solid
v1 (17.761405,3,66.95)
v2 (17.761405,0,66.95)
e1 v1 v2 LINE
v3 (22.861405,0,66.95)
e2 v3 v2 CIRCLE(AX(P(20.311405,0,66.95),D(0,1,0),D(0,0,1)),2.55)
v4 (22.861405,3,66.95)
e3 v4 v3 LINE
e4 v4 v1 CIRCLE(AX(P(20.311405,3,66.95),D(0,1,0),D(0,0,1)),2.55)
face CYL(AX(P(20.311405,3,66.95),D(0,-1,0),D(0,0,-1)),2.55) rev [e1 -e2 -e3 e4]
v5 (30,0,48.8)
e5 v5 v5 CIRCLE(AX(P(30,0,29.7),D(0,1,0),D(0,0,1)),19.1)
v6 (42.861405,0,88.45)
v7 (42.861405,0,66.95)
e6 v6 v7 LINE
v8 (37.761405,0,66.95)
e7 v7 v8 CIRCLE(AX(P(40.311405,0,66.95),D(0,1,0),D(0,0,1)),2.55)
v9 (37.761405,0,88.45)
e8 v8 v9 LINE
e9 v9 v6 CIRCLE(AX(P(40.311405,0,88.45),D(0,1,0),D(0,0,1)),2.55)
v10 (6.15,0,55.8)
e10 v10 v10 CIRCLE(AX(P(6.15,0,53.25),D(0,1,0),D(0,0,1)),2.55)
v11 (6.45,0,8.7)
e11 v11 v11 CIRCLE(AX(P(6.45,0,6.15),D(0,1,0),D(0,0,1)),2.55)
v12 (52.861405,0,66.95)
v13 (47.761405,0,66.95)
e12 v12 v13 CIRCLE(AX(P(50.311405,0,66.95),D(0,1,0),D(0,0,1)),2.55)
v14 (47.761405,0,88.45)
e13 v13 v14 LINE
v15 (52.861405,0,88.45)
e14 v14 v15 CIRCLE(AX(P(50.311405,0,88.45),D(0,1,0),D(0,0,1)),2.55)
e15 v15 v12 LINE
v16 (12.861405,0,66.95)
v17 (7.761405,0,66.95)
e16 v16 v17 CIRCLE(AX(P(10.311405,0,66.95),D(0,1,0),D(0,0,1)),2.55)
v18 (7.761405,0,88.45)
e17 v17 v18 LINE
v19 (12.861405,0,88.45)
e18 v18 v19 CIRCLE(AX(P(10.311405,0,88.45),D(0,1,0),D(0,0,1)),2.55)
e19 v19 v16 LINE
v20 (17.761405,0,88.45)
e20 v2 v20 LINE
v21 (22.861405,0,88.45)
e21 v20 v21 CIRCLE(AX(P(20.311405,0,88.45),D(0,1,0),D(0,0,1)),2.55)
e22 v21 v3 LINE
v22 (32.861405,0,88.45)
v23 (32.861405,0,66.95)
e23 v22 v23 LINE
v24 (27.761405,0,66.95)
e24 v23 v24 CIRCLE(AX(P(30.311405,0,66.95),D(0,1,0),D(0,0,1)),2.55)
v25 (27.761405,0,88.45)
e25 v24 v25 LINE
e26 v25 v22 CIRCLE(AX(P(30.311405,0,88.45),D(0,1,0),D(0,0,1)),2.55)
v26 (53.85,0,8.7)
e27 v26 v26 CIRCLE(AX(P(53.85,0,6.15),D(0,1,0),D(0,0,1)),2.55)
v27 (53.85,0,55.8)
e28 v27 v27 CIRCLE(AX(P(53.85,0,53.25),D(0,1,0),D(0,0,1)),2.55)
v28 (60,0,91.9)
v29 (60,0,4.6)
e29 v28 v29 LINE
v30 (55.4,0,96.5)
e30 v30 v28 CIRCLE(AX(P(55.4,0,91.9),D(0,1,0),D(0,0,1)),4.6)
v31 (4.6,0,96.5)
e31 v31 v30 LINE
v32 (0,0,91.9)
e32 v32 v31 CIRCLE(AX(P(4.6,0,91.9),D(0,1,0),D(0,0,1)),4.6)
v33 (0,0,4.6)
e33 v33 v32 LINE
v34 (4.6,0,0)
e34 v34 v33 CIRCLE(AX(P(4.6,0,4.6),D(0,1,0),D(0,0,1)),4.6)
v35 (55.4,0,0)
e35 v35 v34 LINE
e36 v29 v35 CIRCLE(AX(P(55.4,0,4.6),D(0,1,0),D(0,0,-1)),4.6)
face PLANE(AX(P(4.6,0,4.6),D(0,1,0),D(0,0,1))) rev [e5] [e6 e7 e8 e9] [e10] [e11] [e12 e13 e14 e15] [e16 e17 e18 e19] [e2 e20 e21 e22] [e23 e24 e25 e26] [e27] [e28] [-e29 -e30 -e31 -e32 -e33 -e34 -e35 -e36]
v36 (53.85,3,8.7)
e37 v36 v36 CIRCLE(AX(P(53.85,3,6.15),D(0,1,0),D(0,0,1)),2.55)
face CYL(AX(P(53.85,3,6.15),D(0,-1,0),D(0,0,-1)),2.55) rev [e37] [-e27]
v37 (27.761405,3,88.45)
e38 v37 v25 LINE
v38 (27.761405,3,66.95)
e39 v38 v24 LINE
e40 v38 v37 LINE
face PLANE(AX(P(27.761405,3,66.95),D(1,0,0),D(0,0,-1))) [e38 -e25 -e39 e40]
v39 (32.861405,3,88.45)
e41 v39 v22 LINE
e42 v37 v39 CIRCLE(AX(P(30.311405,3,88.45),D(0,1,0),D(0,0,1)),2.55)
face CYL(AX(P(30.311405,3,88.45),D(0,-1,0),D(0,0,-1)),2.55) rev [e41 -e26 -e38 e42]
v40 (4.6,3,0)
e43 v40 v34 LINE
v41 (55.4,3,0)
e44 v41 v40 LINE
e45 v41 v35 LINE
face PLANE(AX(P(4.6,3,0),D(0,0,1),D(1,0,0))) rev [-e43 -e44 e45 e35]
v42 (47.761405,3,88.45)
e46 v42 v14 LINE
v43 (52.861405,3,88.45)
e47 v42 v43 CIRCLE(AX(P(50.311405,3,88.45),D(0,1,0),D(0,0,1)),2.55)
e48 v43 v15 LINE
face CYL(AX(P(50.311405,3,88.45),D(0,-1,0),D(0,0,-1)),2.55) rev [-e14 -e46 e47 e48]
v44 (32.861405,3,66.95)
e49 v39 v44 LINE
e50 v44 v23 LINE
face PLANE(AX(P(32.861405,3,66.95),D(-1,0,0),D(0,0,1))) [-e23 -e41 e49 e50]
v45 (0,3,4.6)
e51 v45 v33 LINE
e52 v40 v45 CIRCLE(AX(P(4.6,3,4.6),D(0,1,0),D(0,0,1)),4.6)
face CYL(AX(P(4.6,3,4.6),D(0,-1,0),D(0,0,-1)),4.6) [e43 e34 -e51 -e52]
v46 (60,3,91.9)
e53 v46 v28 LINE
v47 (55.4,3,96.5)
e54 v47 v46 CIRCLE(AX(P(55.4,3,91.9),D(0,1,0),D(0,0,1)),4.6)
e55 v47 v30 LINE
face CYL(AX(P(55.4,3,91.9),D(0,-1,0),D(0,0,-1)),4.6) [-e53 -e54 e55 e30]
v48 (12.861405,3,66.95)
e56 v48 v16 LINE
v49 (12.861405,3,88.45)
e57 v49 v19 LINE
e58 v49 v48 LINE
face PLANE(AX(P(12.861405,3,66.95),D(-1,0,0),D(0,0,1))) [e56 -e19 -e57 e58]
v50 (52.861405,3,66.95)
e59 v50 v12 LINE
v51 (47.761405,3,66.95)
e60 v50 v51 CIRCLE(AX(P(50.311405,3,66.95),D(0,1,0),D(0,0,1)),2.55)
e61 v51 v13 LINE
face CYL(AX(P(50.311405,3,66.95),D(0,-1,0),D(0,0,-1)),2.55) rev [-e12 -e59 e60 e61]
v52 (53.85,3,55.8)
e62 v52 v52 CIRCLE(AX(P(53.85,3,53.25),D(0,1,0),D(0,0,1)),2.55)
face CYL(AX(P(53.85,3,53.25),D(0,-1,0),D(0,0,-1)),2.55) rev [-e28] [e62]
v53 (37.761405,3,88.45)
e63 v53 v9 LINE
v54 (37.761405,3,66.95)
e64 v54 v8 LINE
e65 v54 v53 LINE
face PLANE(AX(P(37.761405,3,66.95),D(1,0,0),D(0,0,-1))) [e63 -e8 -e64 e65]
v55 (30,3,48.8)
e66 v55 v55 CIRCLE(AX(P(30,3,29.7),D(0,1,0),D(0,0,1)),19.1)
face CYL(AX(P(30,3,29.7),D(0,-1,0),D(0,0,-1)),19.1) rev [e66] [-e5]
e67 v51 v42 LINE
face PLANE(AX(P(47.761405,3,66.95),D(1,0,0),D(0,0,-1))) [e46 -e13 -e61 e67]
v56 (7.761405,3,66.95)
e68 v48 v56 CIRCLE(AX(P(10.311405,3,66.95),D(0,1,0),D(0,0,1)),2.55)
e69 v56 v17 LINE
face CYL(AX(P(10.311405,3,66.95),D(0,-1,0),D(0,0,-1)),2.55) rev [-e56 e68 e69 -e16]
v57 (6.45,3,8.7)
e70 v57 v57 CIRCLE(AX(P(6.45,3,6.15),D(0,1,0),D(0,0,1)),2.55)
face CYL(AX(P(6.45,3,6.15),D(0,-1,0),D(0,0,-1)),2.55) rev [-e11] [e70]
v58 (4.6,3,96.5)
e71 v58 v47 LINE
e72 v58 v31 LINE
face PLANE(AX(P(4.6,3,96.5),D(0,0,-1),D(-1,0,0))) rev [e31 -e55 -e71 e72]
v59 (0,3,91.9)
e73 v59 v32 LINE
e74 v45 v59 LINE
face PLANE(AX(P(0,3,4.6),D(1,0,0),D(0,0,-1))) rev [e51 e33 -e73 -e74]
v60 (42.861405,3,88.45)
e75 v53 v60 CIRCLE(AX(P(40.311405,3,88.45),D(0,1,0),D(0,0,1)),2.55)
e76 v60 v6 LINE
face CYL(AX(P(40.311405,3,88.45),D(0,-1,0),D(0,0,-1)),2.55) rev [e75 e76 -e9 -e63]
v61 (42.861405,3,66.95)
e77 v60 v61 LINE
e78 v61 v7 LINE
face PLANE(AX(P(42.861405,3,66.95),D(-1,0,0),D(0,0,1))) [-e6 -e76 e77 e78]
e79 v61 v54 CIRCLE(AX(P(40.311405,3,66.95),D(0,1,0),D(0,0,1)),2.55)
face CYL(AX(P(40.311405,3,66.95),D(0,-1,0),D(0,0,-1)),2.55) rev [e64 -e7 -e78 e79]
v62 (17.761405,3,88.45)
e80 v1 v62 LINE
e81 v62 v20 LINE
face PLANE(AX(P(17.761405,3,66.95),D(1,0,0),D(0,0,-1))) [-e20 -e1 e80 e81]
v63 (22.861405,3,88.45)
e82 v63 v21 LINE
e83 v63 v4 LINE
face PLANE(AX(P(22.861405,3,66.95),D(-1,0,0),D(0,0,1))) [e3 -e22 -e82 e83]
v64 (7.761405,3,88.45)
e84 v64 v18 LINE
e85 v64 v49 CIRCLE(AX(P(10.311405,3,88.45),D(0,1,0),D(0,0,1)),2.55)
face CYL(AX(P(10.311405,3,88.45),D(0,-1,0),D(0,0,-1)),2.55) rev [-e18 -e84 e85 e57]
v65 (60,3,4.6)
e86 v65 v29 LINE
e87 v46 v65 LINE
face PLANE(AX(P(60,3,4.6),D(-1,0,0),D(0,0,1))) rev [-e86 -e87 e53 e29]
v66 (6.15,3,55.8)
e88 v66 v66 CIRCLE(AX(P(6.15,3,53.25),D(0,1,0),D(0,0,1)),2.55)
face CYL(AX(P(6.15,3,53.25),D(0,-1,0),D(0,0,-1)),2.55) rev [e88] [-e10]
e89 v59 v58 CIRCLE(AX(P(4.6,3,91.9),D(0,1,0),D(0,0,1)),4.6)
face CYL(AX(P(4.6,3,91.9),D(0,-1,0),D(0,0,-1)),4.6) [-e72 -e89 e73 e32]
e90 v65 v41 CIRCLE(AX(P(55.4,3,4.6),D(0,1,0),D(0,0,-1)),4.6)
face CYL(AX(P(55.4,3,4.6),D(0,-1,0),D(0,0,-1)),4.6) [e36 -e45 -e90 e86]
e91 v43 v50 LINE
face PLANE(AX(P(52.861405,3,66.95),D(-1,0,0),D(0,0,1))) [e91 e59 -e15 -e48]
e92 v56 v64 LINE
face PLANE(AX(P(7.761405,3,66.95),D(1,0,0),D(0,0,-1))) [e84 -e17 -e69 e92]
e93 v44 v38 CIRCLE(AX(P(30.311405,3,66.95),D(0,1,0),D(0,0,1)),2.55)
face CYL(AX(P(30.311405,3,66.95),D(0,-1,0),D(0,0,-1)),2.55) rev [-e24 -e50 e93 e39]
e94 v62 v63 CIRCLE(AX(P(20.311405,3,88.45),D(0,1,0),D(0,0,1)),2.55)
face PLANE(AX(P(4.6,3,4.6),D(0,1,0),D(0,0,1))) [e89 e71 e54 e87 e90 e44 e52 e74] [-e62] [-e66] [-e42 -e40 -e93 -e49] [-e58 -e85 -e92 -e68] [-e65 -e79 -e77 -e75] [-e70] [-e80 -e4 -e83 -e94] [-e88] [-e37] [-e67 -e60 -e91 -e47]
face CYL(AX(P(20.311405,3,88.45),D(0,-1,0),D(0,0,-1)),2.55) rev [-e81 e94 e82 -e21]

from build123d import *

# Parameters (mm, degrees)
SKETCH_1_R      = 2.55
SKETCH_1_R_2    = 19.1
EXTRUDE_1_DEPTH = 3


with BuildPart() as part:
    # Эскиз1 → Бобышка-Вытянуть1 (new body)
    with BuildSketch(Plane(origin=(0, 0, 0), x_dir=(1, 0, 0), z_dir=(0, 1, 0))):
        with BuildLine():
            Line((4.6, 0), (55.4, 0))
            ThreePointArc((55.4, 0), (58.652691193, -1.347308807), (60, -4.6))
            Line((60, -4.6), (60, -91.9))
            ThreePointArc((60, -91.9), (58.652691193, -95.152691193), (55.4, -96.5))
            Line((55.4, -96.5), (4.6, -96.5))
            ThreePointArc((4.6, -96.5), (1.347308807, -95.152691193), (0, -91.9))
            Line((0, -91.9), (0, -4.6))
            ThreePointArc((0, -4.6), (1.347308807, -1.347308807), (4.6, 0))
        make_face()
        with Locations(Location((6.45, -6.15, 0), (0, 0, 270))):
            Circle(SKETCH_1_R, mode=Mode.SUBTRACT)
        with Locations(Location((53.85, -6.15, 0), (0, 0, 270))):
            Circle(SKETCH_1_R, mode=Mode.SUBTRACT)
        with Locations(Location((6.15, -53.25, 0), (0, 0, 270))):
            Circle(SKETCH_1_R, mode=Mode.SUBTRACT)
        with Locations(Location((53.85, -53.25, 0), (0, 0, 270))):
            Circle(SKETCH_1_R, mode=Mode.SUBTRACT)
        with Locations(Location((30, -29.7, 0), (0, 0, 270))):
            Circle(SKETCH_1_R_2, mode=Mode.SUBTRACT)
        with BuildLine():
            Line((12.861404853, -66.95), (12.861404853, -88.45))
            ThreePointArc((12.861404853, -88.45), (10.311404853, -91), (7.761404853, -88.45))
            Line((7.761404853, -88.45), (7.761404853, -66.95))
            ThreePointArc((7.761404853, -66.95), (10.311404853, -64.4), (12.861404853, -66.95))
        make_face(mode=Mode.SUBTRACT)
        with BuildLine():
            Line((22.861404853, -66.95), (22.861404853, -88.45))
            ThreePointArc((22.861404853, -88.45), (20.311404853, -91), (17.761404853, -88.45))
            Line((17.761404853, -88.45), (17.761404853, -66.95))
            ThreePointArc((17.761404853, -66.95), (20.311404853, -64.4), (22.861404853, -66.95))
        make_face(mode=Mode.SUBTRACT)
        with BuildLine():
            Line((32.861404853, -66.95), (32.861404853, -88.45))
            ThreePointArc((32.861404853, -88.45), (30.311404853, -91), (27.761404853, -88.45))
            Line((27.761404853, -88.45), (27.761404853, -66.95))
            ThreePointArc((27.761404853, -66.95), (30.311404853, -64.4), (32.861404853, -66.95))
        make_face(mode=Mode.SUBTRACT)
        with BuildLine():
            Line((42.861404853, -66.95), (42.861404853, -88.45))
            ThreePointArc((42.861404853, -88.45), (40.311404853, -91), (37.761404853, -88.45))
            Line((37.761404853, -88.45), (37.761404853, -66.95))
            ThreePointArc((37.761404853, -66.95), (40.311404853, -64.4), (42.861404853, -66.95))
        make_face(mode=Mode.SUBTRACT)
        with BuildLine():
            Line((52.861404853, -66.95), (52.861404853, -88.45))
            ThreePointArc((52.861404853, -88.45), (50.311404853, -91), (47.761404853, -88.45))
            Line((47.761404853, -88.45), (47.761404853, -66.95))
            ThreePointArc((47.761404853, -66.95), (50.311404853, -64.4), (52.861404853, -66.95))
        make_face(mode=Mode.SUBTRACT)
    extrude(amount=EXTRUDE_1_DEPTH)


solid = part.part
